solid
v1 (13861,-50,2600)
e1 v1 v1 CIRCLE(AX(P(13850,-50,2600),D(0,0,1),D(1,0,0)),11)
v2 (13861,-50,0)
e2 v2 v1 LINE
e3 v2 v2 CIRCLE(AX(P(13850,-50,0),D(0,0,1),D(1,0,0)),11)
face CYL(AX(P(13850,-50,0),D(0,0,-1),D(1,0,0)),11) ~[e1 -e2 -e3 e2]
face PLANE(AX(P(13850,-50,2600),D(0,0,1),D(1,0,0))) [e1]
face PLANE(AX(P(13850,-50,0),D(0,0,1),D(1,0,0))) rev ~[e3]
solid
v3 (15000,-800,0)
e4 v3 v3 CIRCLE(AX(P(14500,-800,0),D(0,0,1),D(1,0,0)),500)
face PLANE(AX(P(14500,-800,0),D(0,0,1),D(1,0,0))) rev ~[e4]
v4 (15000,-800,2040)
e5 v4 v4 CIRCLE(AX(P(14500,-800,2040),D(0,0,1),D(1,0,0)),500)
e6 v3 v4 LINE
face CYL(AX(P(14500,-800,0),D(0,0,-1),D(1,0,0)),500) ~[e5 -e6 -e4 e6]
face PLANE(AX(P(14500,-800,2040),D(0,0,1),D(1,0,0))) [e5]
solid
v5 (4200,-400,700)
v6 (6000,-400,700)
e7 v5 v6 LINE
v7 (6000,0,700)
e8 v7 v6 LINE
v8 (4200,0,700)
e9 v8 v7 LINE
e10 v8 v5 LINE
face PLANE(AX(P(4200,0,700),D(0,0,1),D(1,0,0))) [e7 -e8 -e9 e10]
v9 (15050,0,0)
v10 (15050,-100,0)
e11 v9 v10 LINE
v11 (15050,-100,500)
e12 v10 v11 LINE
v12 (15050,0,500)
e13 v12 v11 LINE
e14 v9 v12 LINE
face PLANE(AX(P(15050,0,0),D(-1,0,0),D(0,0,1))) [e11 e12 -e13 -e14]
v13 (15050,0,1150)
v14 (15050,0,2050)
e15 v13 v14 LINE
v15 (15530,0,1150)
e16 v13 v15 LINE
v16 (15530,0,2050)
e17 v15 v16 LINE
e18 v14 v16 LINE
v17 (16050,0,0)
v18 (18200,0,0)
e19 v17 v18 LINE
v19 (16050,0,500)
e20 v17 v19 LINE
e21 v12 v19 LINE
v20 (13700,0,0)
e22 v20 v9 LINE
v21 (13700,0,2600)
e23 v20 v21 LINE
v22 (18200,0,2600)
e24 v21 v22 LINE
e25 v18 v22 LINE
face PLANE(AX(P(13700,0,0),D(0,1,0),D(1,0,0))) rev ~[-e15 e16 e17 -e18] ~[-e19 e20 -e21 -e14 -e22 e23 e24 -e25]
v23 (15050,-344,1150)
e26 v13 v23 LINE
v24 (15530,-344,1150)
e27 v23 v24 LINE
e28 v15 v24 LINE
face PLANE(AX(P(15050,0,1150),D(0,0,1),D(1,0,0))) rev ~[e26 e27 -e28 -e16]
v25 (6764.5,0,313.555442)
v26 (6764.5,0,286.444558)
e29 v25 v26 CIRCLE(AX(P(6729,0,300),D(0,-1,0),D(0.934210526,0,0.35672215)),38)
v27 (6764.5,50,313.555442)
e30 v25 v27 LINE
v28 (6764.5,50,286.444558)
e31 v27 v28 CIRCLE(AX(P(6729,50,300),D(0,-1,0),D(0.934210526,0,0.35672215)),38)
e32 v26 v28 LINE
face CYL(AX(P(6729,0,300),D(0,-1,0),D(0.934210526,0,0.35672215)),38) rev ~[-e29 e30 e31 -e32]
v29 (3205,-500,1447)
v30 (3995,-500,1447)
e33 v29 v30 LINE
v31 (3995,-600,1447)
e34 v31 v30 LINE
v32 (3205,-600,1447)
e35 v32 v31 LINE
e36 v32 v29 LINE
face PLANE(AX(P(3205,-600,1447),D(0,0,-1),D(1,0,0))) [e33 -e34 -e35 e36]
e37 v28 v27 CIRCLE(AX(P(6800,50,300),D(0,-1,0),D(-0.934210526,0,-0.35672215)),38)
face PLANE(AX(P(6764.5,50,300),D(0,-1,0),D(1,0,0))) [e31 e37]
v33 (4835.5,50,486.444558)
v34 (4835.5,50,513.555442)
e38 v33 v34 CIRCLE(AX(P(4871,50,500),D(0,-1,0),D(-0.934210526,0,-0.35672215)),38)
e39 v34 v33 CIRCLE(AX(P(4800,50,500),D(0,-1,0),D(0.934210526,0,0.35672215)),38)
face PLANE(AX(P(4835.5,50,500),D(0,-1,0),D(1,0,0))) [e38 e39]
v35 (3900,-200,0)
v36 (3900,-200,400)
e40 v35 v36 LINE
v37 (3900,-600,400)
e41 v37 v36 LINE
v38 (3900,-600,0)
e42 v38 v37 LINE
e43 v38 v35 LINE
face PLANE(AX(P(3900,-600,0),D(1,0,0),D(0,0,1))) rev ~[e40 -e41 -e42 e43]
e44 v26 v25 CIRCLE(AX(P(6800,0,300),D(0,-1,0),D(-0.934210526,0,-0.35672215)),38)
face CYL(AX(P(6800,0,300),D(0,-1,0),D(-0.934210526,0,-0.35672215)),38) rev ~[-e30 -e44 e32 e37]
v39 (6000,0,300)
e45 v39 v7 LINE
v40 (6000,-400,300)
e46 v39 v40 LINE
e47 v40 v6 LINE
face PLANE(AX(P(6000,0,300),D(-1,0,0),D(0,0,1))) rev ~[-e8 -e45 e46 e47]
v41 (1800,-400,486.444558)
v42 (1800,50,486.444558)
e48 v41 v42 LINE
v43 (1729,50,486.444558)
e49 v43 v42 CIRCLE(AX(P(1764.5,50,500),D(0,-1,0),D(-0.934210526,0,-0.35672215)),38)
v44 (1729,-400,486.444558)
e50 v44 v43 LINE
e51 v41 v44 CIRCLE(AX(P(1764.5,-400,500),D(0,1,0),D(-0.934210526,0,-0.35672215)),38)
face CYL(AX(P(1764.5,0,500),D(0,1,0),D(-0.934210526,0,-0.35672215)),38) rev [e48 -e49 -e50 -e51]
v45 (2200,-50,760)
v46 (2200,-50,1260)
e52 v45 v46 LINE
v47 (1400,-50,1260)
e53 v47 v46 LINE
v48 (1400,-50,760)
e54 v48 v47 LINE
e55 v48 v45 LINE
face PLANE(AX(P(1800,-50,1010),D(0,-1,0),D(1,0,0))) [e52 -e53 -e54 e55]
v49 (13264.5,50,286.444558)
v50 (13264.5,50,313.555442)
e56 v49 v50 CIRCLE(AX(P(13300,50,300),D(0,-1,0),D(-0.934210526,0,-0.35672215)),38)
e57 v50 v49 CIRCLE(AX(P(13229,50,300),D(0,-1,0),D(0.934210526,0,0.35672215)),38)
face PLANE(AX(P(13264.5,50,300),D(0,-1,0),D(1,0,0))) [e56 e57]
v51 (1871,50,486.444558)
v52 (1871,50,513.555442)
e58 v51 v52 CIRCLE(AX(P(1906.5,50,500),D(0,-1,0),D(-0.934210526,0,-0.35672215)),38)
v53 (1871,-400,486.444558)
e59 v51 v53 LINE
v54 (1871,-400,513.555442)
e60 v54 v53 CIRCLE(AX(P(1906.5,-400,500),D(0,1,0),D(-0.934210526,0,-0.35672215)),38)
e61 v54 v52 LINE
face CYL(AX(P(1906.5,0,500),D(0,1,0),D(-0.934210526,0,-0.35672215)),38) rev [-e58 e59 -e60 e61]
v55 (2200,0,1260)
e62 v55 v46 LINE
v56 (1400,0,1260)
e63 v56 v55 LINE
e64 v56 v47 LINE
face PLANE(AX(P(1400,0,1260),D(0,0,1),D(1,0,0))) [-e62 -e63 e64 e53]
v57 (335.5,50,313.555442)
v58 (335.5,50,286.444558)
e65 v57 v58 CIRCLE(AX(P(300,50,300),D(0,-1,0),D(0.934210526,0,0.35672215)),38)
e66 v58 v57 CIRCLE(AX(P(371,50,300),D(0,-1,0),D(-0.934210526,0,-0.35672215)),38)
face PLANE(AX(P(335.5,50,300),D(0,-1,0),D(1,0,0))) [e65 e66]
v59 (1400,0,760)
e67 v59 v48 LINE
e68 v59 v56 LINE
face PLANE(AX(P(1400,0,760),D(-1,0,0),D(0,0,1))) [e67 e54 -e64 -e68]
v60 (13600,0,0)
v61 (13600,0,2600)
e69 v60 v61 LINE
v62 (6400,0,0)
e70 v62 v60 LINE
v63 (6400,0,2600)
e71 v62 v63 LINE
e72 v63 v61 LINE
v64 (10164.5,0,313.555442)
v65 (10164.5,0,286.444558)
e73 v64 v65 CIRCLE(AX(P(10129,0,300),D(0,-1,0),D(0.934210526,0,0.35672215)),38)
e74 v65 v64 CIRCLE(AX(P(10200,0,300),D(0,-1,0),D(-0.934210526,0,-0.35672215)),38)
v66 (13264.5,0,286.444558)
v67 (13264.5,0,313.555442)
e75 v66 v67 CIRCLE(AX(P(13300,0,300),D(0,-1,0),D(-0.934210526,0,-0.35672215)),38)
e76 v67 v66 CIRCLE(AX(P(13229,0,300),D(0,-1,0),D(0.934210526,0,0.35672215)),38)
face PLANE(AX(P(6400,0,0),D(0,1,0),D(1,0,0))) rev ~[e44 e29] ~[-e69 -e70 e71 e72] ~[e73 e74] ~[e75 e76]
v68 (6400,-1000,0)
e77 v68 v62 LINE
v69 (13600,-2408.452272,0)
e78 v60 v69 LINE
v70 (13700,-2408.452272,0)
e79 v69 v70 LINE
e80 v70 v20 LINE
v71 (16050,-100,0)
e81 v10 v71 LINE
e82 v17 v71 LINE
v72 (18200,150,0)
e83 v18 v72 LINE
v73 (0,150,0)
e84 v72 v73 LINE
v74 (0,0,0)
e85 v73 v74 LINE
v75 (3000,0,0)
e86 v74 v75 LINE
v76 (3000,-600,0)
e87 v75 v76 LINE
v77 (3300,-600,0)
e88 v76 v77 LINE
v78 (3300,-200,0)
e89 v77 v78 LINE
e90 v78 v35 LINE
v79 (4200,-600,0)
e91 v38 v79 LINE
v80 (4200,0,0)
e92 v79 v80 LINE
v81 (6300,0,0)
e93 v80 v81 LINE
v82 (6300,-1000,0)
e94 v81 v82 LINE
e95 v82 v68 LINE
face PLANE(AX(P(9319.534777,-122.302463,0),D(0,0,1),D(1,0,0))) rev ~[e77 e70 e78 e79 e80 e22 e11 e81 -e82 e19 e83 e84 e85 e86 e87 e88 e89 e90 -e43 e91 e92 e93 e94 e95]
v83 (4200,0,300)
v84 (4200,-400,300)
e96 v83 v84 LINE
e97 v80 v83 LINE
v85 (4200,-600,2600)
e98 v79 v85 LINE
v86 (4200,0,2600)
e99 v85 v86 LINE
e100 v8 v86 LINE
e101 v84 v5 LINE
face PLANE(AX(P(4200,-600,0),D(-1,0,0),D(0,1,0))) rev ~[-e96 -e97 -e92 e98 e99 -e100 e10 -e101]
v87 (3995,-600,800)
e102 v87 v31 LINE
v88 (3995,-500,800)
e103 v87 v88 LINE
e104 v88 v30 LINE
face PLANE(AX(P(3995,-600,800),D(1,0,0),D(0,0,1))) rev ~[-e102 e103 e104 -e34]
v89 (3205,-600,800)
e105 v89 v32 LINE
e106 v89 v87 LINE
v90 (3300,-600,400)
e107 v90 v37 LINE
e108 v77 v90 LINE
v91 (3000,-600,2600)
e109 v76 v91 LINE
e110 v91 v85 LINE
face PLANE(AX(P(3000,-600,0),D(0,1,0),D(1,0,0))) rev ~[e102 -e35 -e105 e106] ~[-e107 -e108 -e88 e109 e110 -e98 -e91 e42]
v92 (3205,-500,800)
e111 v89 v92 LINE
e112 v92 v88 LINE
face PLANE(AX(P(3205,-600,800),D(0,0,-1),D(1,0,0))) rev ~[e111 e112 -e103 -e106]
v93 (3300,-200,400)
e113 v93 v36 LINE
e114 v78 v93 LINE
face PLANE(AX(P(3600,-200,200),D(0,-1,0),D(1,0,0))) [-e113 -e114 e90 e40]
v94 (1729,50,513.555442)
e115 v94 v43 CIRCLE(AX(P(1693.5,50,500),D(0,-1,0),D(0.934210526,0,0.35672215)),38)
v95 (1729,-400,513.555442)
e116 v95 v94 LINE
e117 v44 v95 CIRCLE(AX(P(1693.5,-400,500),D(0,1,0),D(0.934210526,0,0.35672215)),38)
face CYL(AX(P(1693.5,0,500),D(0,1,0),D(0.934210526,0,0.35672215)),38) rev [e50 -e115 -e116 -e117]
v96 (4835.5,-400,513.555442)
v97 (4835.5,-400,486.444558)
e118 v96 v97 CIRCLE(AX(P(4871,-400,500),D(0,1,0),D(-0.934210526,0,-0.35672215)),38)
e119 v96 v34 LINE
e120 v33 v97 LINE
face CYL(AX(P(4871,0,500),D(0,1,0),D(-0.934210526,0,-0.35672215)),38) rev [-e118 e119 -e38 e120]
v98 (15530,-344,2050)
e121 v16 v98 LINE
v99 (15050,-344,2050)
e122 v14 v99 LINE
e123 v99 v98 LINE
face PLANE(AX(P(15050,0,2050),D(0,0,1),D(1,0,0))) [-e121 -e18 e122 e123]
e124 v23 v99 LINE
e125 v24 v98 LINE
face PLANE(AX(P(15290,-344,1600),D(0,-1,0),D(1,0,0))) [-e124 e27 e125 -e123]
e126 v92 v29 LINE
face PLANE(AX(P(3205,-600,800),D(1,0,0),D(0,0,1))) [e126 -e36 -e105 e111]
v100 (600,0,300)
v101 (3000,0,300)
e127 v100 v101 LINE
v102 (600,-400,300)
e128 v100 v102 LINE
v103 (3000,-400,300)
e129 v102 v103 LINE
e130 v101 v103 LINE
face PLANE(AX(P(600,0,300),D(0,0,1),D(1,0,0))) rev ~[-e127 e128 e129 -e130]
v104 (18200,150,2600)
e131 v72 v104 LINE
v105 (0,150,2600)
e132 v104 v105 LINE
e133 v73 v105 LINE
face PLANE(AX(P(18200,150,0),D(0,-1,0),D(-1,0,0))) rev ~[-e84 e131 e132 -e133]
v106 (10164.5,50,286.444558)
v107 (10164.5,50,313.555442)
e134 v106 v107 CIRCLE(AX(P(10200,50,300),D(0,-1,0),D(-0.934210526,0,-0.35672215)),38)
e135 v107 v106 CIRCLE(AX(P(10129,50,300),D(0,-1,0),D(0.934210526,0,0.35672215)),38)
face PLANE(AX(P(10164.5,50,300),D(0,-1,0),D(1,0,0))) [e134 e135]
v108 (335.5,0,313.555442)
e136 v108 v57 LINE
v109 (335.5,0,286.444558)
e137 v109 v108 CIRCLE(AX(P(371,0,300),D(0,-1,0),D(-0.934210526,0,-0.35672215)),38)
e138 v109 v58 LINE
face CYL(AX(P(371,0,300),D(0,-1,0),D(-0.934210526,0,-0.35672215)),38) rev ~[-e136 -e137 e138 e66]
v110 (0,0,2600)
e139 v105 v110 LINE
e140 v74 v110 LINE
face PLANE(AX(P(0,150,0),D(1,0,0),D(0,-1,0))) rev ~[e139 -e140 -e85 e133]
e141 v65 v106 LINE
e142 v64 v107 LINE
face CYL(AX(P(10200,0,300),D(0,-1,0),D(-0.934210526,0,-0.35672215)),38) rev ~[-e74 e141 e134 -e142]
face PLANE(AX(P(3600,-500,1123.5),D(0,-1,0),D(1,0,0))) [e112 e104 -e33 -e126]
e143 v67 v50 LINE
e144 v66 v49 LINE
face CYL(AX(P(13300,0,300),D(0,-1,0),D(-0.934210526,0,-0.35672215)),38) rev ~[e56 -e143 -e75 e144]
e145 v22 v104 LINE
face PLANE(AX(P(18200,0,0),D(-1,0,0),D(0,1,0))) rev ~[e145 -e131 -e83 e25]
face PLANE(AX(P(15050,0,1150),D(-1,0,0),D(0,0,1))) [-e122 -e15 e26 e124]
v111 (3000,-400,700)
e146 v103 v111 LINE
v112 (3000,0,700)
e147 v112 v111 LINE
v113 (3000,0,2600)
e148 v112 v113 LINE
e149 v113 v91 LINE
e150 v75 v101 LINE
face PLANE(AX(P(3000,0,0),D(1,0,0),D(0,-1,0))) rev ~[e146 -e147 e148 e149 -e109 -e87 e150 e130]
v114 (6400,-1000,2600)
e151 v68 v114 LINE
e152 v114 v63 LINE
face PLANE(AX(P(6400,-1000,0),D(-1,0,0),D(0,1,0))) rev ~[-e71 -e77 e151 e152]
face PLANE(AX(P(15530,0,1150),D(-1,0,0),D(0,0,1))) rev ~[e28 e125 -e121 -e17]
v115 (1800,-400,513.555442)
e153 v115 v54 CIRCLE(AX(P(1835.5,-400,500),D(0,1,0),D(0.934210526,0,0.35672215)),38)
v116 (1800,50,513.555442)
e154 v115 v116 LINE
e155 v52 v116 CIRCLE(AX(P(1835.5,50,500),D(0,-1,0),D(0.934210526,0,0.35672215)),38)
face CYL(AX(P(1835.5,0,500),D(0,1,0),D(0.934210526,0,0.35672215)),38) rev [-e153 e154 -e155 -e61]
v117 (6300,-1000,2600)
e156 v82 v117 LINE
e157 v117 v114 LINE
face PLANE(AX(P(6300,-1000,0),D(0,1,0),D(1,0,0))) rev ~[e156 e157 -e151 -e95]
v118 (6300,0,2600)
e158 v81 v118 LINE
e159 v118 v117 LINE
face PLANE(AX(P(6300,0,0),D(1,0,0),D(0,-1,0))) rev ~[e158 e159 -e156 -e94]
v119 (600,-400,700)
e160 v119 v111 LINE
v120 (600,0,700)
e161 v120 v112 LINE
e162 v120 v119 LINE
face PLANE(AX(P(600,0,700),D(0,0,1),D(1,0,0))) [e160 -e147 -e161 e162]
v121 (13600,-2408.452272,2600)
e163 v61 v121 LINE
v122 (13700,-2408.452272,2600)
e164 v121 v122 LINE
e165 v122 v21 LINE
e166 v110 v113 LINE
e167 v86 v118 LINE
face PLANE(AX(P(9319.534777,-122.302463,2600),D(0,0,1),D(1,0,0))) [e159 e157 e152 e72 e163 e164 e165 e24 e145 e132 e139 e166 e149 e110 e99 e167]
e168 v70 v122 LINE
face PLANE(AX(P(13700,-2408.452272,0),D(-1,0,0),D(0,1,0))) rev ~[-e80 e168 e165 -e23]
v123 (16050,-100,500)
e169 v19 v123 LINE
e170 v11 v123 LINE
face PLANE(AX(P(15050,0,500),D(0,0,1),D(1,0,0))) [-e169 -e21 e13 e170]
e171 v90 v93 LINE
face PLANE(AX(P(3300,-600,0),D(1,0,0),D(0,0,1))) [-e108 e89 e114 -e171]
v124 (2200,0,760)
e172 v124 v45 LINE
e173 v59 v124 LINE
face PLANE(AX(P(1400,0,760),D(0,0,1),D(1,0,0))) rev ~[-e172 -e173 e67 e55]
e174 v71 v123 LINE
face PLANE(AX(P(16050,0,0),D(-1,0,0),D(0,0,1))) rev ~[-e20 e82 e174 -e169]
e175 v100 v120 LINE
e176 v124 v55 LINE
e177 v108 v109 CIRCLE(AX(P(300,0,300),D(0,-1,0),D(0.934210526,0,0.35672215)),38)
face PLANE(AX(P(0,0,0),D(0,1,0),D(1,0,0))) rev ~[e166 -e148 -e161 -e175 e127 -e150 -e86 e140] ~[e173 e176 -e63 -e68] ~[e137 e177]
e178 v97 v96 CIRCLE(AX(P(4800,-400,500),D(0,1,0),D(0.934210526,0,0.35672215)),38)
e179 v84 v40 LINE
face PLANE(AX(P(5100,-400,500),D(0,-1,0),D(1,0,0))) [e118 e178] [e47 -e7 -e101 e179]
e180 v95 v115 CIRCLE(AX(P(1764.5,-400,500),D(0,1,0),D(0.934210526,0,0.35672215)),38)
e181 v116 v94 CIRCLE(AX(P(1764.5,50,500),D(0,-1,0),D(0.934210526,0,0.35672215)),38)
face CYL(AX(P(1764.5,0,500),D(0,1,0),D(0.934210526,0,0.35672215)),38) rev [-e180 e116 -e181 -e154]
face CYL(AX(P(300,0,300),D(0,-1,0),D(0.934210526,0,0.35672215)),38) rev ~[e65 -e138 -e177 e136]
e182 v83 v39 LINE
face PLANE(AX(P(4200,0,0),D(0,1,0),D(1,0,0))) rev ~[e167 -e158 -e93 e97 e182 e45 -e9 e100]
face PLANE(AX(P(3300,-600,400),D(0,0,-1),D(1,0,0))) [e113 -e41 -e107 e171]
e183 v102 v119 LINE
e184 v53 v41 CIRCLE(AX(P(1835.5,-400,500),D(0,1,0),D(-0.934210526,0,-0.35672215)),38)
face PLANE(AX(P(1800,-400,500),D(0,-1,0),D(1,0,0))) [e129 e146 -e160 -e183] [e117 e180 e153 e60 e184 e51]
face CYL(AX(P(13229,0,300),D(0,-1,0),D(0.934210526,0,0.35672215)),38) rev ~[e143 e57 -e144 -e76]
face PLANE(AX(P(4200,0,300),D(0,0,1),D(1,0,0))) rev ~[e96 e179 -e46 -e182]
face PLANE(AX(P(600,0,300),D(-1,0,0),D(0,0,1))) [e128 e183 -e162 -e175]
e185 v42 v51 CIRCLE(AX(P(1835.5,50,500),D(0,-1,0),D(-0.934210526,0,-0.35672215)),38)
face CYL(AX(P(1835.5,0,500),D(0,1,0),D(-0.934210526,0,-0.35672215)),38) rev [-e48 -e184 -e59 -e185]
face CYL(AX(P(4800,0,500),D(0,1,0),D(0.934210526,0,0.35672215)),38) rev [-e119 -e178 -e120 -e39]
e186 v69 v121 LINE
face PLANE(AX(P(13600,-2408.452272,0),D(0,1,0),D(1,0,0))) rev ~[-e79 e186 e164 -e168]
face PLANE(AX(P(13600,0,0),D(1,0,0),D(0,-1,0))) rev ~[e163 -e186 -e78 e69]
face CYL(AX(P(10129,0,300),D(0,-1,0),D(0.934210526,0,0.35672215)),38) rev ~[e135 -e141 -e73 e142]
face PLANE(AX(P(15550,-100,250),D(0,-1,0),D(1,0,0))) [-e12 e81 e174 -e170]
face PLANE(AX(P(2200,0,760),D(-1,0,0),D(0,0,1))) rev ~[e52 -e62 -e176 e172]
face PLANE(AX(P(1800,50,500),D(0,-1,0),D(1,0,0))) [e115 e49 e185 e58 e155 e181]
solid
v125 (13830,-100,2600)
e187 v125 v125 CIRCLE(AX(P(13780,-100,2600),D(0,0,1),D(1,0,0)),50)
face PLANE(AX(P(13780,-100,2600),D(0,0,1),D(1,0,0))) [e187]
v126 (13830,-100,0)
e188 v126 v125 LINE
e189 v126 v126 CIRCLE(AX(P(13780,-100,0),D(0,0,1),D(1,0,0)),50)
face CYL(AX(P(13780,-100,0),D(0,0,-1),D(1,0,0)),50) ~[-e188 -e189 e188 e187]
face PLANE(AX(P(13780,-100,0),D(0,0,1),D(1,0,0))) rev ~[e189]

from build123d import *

# Parameters (mm, degrees)
F1_DEPTH      = 2600
F0_R          = 50
F0_R_2        = 11
F2_W          = 790
F2_H          = 647
F3_DEPTH      = 100
F4_W          = 2400
F4_H          = 400
F4_W_2        = 1800
F5_DEPTH      = 400
F6_W          = 800
F6_H          = 500
F7_DEPTH      = 50
F9_DEPTH      = 50
F9_DEPTH_BACK = 600
F0_R_3        = 500
F10_DEPTH     = 2040
F11_W         = 1000
F11_H         = 500
F12_DEPTH     = 100
F13_W         = 600
F13_H         = 400
F14_DEPTH     = 400
F15_W         = 480
F15_H         = 900
F16_DEPTH     = 344


with BuildPart() as f1:
    # F0 (on Top) → F1 (new body)
    with BuildSketch(Plane.XY):
        Polygon((0, 150), (0, 0), (3000, 0), (3000, -600), (4200, -600), (4200, 0), (6300, 0), (6300, -1000), (6400, -1000), (6400, 0), (13600, 0), (13600, -2408.4522724152), (13700, -2408.4522724152), (13700, 0), (18200, 0), (18200, 150), align=None)
    extrude(amount=F1_DEPTH)

    # F2 (on face) → F3 (cut)
    with BuildSketch(Plane.XZ.offset(600)):
        with Locations((3600, 1123.5)):
            Rectangle(F2_W, F2_H)
    extrude(amount=-F3_DEPTH, mode=Mode.SUBTRACT)

    # F4 (on face) → F5 (join)
    with BuildSketch(Plane.XZ):
        with Locations((1800, 500)):
            Rectangle(F4_W, F4_H)
        with Locations((5100, 500)):
            Rectangle(F4_W_2, F4_H)
    extrude(amount=F5_DEPTH)

    # F6 (on face) → F7 (join)
    with BuildSketch(Plane.XZ):
        with Locations((1800, 1010)):
            Rectangle(F6_W, F6_H)
    extrude(amount=F7_DEPTH)

    # F8 (on face) → F9 (cut, two sides)
    with BuildSketch(Plane.XZ) as f9_sk:
        with BuildLine():
            ThreePointArc((13264.5, 313.5554417117), (13191, 300), (13264.5, 286.4445582883))
            ThreePointArc((13264.5, 286.4445582883), (13338, 300), (13264.5, 313.5554417117))
        make_face()
        with BuildLine():
            ThreePointArc((10164.5, 313.5554417117), (10091, 300), (10164.5, 286.4445582883))
            ThreePointArc((10164.5, 286.4445582883), (10238, 300), (10164.5, 313.5554417117))
        make_face()
        with BuildLine():
            ThreePointArc((6764.5, 313.5554417117), (6691, 300), (6764.5, 286.4445582883))
            ThreePointArc((6764.5, 286.4445582883), (6838, 300), (6764.5, 313.5554417117))
        make_face()
        with BuildLine():
            ThreePointArc((4835.5, 513.5554417117), (4762, 500), (4835.5, 486.4445582883))
            ThreePointArc((4835.5, 486.4445582883), (4909, 500), (4835.5, 513.5554417117))
        make_face()
        with BuildLine():
            ThreePointArc((335.5, 313.5554417117), (262, 300), (335.5, 286.4445582883))
            ThreePointArc((335.5, 286.4445582883), (409, 300), (335.5, 313.5554417117))
        make_face()
        with BuildLine():
            ThreePointArc((1800, 486.4445582883), (1835.5, 462), (1871, 486.4445582883))
            ThreePointArc((1871, 486.4445582883), (1944.5, 500), (1871, 513.5554417117))
            ThreePointArc((1871, 513.5554417117), (1835.5, 538), (1800, 513.5554417117))
            ThreePointArc((1800, 513.5554417117), (1764.5, 538), (1729, 513.5554417117))
            ThreePointArc((1729, 513.5554417117), (1655.5, 500), (1729, 486.4445582883))
            ThreePointArc((1729, 486.4445582883), (1764.5, 462), (1800, 486.4445582883))
        make_face()
    extrude(amount=-F9_DEPTH, mode=Mode.SUBTRACT)
    extrude(f9_sk.sketch, amount=F9_DEPTH_BACK, mode=Mode.SUBTRACT)

    # F11 (on face) → F12 (join)
    with BuildSketch(Plane.XZ):
        with Locations((15550, 250)):
            Rectangle(F11_W, F11_H)
    extrude(amount=F12_DEPTH)

    # F13 (on face) → F14 (cut)
    with BuildSketch(Plane.XZ.offset(600)):
        with Locations((3600, 200)):
            Rectangle(F13_W, F13_H)
    extrude(amount=-F14_DEPTH, mode=Mode.SUBTRACT)

    # F15 (on face) → F16 (join)
    with BuildSketch(Plane.XZ):
        with Locations((15290, 1600)):
            Rectangle(F15_W, F15_H)
    extrude(amount=F16_DEPTH)


with BuildPart() as f1b:
    # F0 (on Top) → F1, piece 2 (new body)
    with BuildSketch(Plane.XY):
        with Locations((13780, -100)):
            Circle(F0_R)
    extrude(amount=F1_DEPTH)


with BuildPart() as f1c:
    # F0 (on Top) → F1, piece 3 (new body)
    with BuildSketch(Plane.XY):
        with Locations((13850, -50)):
            Circle(F0_R_2)
    extrude(amount=F1_DEPTH)


with BuildPart() as f10:
    # F0 (on Top) → F10 (new body)
    with BuildSketch(Plane.XY):
        with Locations((14500, -800)):
            Circle(F0_R_3)
    extrude(amount=F10_DEPTH)


solid = Compound([f1.part, f1b.part, f1c.part, f10.part])
